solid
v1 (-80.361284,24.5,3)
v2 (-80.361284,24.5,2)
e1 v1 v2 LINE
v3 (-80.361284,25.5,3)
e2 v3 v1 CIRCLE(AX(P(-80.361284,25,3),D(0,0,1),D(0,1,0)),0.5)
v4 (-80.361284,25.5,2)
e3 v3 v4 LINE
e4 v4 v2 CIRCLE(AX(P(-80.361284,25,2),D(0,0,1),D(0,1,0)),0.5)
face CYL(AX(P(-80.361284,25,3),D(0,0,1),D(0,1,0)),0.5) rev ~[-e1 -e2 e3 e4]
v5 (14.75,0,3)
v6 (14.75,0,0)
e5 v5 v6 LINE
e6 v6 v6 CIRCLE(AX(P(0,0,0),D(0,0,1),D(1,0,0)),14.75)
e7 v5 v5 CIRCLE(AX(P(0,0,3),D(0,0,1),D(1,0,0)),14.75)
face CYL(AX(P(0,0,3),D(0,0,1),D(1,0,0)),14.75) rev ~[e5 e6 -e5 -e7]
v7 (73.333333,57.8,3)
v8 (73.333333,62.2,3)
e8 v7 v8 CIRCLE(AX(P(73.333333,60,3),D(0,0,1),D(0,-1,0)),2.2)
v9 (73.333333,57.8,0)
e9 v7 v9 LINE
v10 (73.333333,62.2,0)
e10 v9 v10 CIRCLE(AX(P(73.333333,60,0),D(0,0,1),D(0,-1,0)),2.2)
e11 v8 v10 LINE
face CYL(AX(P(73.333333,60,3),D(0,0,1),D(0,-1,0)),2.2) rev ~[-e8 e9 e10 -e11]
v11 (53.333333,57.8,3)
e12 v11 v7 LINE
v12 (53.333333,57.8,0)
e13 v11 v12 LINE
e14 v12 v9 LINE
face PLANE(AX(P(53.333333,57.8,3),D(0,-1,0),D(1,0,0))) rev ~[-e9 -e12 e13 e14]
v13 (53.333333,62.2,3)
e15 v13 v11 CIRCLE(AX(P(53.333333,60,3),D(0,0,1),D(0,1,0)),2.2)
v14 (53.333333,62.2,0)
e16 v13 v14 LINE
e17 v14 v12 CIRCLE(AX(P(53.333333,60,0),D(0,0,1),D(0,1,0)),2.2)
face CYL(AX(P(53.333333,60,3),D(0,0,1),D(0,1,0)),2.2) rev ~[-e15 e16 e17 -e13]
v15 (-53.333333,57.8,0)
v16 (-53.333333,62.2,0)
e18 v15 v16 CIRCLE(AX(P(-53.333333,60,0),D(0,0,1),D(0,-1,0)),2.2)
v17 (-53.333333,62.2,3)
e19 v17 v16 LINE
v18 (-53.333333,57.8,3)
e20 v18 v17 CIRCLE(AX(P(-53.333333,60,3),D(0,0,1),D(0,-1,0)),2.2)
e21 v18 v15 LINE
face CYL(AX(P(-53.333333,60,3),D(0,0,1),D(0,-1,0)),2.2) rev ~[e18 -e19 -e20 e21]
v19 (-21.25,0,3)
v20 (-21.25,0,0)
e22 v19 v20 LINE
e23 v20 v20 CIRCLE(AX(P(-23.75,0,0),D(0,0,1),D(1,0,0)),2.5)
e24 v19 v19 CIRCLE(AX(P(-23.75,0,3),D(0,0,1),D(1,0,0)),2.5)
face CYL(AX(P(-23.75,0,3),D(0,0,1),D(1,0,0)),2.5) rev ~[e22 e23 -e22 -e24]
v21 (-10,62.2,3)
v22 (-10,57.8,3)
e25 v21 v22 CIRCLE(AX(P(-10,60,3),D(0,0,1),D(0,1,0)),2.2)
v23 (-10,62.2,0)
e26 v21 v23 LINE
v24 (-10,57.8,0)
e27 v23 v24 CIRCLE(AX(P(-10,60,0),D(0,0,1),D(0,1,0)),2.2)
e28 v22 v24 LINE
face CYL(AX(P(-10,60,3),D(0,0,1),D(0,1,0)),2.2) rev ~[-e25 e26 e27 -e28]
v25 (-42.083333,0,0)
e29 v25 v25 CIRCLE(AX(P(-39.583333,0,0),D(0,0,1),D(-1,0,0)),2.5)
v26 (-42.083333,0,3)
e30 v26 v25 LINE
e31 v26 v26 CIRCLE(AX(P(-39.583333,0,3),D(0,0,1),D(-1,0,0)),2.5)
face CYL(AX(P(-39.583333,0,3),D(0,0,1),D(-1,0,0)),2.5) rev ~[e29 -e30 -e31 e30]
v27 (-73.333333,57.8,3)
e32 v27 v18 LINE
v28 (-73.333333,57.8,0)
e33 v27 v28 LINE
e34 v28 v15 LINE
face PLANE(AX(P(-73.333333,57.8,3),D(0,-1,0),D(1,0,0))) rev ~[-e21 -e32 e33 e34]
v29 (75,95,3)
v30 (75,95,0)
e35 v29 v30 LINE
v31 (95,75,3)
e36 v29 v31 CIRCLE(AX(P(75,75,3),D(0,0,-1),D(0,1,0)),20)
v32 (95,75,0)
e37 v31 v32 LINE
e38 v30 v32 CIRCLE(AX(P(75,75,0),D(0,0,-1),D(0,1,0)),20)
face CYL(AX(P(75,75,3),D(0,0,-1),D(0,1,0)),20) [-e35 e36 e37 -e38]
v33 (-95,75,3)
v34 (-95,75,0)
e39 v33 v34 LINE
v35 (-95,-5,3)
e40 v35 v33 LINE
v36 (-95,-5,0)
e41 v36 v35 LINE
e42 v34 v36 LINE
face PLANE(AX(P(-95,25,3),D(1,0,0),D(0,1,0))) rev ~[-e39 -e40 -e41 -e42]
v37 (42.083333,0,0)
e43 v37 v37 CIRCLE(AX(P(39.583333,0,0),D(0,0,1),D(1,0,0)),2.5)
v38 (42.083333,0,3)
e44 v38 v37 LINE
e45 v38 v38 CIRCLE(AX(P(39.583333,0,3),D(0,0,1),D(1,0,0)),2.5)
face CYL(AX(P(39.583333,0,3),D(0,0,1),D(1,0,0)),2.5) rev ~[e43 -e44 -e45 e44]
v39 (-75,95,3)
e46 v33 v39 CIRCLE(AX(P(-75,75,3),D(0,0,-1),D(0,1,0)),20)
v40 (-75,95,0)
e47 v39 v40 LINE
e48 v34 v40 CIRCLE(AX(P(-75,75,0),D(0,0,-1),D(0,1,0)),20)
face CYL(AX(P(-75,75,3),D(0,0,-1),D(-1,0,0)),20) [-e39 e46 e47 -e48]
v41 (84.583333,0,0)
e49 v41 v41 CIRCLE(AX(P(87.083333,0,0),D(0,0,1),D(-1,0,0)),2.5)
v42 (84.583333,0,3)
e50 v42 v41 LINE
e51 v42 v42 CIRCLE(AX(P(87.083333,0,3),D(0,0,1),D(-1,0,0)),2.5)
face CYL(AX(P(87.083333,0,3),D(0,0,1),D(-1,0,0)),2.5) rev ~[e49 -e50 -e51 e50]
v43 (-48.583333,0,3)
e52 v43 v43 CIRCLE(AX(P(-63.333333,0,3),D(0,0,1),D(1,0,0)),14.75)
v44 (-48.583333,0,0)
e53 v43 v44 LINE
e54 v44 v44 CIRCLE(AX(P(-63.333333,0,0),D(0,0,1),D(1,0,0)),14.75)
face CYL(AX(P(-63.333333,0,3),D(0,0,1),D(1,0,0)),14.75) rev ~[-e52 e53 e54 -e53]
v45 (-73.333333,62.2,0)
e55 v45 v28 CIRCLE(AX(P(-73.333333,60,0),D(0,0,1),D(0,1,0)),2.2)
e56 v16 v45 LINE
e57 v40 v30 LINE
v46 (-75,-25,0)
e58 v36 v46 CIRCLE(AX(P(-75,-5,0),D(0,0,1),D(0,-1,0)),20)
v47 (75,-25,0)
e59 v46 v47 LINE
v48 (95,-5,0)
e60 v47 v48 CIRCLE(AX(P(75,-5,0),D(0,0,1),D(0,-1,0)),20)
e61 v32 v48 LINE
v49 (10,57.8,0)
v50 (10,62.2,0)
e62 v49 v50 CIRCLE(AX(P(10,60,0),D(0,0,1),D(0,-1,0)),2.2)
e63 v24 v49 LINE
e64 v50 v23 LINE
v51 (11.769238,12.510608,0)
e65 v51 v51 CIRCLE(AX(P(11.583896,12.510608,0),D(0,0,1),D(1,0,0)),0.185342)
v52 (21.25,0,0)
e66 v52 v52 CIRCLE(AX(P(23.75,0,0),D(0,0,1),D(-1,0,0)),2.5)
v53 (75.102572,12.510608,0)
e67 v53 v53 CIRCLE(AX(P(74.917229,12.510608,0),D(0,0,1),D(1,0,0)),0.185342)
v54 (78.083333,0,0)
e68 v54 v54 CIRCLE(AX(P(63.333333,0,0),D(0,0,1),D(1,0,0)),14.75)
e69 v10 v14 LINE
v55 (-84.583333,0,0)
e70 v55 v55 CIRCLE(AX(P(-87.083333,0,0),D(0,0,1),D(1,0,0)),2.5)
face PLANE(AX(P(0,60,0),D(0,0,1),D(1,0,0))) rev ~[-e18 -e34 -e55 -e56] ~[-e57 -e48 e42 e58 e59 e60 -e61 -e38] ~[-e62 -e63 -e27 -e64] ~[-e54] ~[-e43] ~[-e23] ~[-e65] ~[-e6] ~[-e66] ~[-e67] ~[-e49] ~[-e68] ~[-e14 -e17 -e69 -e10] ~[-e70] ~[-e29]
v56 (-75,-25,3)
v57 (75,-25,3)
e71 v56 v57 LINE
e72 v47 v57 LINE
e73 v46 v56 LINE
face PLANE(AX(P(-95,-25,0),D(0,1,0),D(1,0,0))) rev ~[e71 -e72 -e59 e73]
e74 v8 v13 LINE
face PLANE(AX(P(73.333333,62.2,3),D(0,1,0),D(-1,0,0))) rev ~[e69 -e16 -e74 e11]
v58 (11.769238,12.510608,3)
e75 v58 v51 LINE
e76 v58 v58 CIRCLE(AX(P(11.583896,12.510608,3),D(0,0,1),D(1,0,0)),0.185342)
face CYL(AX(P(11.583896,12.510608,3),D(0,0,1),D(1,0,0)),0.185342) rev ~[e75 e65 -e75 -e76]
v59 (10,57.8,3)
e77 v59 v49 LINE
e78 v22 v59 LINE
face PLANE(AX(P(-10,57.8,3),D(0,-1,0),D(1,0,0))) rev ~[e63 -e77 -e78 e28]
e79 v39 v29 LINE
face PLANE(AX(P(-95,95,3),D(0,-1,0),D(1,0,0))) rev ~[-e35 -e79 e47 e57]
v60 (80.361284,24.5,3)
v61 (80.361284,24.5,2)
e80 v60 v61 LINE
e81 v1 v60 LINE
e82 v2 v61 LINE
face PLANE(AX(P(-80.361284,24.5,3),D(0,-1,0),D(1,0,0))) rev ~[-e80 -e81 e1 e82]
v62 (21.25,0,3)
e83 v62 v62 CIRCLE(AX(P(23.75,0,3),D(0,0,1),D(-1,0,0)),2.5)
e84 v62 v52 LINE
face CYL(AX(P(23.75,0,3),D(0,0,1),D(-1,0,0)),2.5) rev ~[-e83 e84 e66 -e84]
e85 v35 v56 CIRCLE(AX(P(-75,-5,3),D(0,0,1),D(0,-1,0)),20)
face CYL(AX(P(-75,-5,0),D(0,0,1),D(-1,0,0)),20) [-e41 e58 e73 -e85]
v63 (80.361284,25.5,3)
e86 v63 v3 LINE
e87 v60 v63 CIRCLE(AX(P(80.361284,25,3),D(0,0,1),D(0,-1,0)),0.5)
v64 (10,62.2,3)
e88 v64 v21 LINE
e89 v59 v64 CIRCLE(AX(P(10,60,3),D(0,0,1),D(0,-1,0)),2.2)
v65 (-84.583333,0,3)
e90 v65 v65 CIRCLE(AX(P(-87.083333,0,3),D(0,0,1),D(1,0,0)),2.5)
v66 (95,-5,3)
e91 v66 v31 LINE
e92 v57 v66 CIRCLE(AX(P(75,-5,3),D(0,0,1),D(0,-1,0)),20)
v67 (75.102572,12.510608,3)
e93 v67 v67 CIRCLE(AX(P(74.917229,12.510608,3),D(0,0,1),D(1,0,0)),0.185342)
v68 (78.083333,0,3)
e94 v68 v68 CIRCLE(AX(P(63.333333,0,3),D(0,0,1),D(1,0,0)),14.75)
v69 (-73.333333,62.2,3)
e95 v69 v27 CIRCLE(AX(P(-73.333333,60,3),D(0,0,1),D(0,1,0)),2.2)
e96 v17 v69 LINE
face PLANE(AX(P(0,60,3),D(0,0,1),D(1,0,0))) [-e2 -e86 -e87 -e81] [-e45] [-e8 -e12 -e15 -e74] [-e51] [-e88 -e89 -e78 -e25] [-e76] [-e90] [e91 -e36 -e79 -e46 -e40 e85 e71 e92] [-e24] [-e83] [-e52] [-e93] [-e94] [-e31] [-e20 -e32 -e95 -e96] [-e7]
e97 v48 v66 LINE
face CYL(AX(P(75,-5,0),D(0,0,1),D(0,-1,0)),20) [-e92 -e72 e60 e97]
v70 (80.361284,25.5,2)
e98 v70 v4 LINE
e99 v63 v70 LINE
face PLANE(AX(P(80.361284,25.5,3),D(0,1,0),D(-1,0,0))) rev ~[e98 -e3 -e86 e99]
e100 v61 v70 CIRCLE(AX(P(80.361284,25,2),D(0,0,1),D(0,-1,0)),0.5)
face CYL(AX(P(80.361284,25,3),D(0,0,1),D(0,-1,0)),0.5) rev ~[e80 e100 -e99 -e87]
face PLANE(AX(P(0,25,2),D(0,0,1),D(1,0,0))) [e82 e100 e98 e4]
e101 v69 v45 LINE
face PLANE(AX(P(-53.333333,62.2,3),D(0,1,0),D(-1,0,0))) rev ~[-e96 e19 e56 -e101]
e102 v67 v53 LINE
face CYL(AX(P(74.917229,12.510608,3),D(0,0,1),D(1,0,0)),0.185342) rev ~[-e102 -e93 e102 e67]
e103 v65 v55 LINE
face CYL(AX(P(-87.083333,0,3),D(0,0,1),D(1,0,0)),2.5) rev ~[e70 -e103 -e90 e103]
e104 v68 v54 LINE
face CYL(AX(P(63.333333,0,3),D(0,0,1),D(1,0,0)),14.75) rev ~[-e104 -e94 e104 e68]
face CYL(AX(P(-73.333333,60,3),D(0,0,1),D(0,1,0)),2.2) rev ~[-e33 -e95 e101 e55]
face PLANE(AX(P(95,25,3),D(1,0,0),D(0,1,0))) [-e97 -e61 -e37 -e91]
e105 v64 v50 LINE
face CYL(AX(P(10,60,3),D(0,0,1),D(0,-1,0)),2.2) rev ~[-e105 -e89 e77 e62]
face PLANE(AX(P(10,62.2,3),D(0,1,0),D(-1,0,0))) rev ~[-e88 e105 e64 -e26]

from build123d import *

# Parameters (mm, degrees)
SKETCH1_W           = 190
SKETCH1_H           = 50
BOSS_EXTRUDE1_DEPTH = 3
SKETCH2_R           = 14.75
SKETCH2_R_2         = 0.185342338
SKETCH2_R_3         = 2.5
CUT_EXTRUDE1_DEPTH  = 99.28021164
LPATTERN1_COUNT     = 3
LPATTERN1_PITCH     = 63.333333333
SKETCH3_W           = 190
SKETCH3_H           = 70
BOSS_EXTRUDE2_DEPTH = 3
CUT_EXTRUDE2_DEPTH  = 3
LPATTERN2_COUNT     = 3
LPATTERN2_PITCH     = 63.333333333
CUT_EXTRUDE3_DEPTH  = 1
FILLET1_R           = 20
FILLET2_R           = 20


with BuildPart() as part:
    # Sketch1 → Boss-Extrude1 (new body)
    with BuildSketch(Plane.XY):
        Rectangle(SKETCH1_W, SKETCH1_H)
    extrude(amount=BOSS_EXTRUDE1_DEPTH)

    # Sketch2 → Cut-Extrude1 (cut, through all)
    with BuildSketch(Plane.XY.offset(3)):
        with Locations((-63.333333333, 0)):
            Circle(SKETCH2_R)
        with Locations((11.583896138, 12.510607829)):
            Circle(SKETCH2_R_2)
        with Locations((-87.083333333, 0)):
            Circle(SKETCH2_R_3)
        with Locations(Location((-39.583333333, 0, 0), (0, 0, 180))):
            Circle(SKETCH2_R_3)
    cut_extrude1 = extrude(amount=-CUT_EXTRUDE1_DEPTH, mode=Mode.SUBTRACT)

    # LPattern1: Cut-Extrude1 ×3
    with Locations(*[(i * LPATTERN1_PITCH, 0, 0) for i in range(1, LPATTERN1_COUNT)]):
        add(cut_extrude1, mode=Mode.SUBTRACT)

    # Sketch3 → Boss-Extrude2 (add)
    with BuildSketch(Plane.XY.offset(3)):
        with Locations((0, 60)):
            Rectangle(SKETCH3_W, SKETCH3_H)
    extrude(amount=-BOSS_EXTRUDE2_DEPTH)

    # Sketch3<3> → Cut-Extrude2 (cut)
    with BuildSketch(Plane.XY.offset(3)):
        with BuildLine():
            Line((73.333333333, 62.2), (53.333333333, 62.2))
            ThreePointArc((53.333333333, 62.2), (51.133333333, 60), (53.333333333, 57.8))
            Line((53.333333333, 57.8), (73.333333333, 57.8))
            ThreePointArc((73.333333333, 57.8), (75.533333333, 60), (73.333333333, 62.2))
        make_face()
    cut_extrude2 = extrude(amount=-CUT_EXTRUDE2_DEPTH, mode=Mode.SUBTRACT)

    # LPattern2: Cut-Extrude2 ×3
    with Locations(*[(-i * LPATTERN2_PITCH, 0, 0) for i in range(1, LPATTERN2_COUNT)]):
        add(cut_extrude2, mode=Mode.SUBTRACT)

    # Sketch4 → Cut-Extrude3 (cut)
    with BuildSketch(Plane.XY.offset(3)):
        with BuildLine():
            Line((80.361283663, 25.5), (-80.361283663, 25.5))
            ThreePointArc((-80.361283663, 25.5), (-80.861283663, 25), (-80.361283663, 24.5))
            Line((-80.361283663, 24.5), (80.361283663, 24.5))
            ThreePointArc((80.361283663, 24.5), (80.861283663, 25), (80.361283663, 25.5))
        make_face()
    extrude(amount=-CUT_EXTRUDE3_DEPTH, mode=Mode.SUBTRACT)

    # Fillet1
    fillet1_edges = [part.edges().sort_by_distance(p)[0] for p in [
        (95, -25, 1.5),
        (-95, -25, 1.5),
    ]]
    fillet(fillet1_edges, radius=FILLET1_R)

    # Fillet2
    fillet2_edges = [part.edges().sort_by_distance(p)[0] for p in [
        (95, 95, 1.5),
        (-95, 95, 1.5),
    ]]
    fillet(fillet2_edges, radius=FILLET2_R)


solid = part.part
